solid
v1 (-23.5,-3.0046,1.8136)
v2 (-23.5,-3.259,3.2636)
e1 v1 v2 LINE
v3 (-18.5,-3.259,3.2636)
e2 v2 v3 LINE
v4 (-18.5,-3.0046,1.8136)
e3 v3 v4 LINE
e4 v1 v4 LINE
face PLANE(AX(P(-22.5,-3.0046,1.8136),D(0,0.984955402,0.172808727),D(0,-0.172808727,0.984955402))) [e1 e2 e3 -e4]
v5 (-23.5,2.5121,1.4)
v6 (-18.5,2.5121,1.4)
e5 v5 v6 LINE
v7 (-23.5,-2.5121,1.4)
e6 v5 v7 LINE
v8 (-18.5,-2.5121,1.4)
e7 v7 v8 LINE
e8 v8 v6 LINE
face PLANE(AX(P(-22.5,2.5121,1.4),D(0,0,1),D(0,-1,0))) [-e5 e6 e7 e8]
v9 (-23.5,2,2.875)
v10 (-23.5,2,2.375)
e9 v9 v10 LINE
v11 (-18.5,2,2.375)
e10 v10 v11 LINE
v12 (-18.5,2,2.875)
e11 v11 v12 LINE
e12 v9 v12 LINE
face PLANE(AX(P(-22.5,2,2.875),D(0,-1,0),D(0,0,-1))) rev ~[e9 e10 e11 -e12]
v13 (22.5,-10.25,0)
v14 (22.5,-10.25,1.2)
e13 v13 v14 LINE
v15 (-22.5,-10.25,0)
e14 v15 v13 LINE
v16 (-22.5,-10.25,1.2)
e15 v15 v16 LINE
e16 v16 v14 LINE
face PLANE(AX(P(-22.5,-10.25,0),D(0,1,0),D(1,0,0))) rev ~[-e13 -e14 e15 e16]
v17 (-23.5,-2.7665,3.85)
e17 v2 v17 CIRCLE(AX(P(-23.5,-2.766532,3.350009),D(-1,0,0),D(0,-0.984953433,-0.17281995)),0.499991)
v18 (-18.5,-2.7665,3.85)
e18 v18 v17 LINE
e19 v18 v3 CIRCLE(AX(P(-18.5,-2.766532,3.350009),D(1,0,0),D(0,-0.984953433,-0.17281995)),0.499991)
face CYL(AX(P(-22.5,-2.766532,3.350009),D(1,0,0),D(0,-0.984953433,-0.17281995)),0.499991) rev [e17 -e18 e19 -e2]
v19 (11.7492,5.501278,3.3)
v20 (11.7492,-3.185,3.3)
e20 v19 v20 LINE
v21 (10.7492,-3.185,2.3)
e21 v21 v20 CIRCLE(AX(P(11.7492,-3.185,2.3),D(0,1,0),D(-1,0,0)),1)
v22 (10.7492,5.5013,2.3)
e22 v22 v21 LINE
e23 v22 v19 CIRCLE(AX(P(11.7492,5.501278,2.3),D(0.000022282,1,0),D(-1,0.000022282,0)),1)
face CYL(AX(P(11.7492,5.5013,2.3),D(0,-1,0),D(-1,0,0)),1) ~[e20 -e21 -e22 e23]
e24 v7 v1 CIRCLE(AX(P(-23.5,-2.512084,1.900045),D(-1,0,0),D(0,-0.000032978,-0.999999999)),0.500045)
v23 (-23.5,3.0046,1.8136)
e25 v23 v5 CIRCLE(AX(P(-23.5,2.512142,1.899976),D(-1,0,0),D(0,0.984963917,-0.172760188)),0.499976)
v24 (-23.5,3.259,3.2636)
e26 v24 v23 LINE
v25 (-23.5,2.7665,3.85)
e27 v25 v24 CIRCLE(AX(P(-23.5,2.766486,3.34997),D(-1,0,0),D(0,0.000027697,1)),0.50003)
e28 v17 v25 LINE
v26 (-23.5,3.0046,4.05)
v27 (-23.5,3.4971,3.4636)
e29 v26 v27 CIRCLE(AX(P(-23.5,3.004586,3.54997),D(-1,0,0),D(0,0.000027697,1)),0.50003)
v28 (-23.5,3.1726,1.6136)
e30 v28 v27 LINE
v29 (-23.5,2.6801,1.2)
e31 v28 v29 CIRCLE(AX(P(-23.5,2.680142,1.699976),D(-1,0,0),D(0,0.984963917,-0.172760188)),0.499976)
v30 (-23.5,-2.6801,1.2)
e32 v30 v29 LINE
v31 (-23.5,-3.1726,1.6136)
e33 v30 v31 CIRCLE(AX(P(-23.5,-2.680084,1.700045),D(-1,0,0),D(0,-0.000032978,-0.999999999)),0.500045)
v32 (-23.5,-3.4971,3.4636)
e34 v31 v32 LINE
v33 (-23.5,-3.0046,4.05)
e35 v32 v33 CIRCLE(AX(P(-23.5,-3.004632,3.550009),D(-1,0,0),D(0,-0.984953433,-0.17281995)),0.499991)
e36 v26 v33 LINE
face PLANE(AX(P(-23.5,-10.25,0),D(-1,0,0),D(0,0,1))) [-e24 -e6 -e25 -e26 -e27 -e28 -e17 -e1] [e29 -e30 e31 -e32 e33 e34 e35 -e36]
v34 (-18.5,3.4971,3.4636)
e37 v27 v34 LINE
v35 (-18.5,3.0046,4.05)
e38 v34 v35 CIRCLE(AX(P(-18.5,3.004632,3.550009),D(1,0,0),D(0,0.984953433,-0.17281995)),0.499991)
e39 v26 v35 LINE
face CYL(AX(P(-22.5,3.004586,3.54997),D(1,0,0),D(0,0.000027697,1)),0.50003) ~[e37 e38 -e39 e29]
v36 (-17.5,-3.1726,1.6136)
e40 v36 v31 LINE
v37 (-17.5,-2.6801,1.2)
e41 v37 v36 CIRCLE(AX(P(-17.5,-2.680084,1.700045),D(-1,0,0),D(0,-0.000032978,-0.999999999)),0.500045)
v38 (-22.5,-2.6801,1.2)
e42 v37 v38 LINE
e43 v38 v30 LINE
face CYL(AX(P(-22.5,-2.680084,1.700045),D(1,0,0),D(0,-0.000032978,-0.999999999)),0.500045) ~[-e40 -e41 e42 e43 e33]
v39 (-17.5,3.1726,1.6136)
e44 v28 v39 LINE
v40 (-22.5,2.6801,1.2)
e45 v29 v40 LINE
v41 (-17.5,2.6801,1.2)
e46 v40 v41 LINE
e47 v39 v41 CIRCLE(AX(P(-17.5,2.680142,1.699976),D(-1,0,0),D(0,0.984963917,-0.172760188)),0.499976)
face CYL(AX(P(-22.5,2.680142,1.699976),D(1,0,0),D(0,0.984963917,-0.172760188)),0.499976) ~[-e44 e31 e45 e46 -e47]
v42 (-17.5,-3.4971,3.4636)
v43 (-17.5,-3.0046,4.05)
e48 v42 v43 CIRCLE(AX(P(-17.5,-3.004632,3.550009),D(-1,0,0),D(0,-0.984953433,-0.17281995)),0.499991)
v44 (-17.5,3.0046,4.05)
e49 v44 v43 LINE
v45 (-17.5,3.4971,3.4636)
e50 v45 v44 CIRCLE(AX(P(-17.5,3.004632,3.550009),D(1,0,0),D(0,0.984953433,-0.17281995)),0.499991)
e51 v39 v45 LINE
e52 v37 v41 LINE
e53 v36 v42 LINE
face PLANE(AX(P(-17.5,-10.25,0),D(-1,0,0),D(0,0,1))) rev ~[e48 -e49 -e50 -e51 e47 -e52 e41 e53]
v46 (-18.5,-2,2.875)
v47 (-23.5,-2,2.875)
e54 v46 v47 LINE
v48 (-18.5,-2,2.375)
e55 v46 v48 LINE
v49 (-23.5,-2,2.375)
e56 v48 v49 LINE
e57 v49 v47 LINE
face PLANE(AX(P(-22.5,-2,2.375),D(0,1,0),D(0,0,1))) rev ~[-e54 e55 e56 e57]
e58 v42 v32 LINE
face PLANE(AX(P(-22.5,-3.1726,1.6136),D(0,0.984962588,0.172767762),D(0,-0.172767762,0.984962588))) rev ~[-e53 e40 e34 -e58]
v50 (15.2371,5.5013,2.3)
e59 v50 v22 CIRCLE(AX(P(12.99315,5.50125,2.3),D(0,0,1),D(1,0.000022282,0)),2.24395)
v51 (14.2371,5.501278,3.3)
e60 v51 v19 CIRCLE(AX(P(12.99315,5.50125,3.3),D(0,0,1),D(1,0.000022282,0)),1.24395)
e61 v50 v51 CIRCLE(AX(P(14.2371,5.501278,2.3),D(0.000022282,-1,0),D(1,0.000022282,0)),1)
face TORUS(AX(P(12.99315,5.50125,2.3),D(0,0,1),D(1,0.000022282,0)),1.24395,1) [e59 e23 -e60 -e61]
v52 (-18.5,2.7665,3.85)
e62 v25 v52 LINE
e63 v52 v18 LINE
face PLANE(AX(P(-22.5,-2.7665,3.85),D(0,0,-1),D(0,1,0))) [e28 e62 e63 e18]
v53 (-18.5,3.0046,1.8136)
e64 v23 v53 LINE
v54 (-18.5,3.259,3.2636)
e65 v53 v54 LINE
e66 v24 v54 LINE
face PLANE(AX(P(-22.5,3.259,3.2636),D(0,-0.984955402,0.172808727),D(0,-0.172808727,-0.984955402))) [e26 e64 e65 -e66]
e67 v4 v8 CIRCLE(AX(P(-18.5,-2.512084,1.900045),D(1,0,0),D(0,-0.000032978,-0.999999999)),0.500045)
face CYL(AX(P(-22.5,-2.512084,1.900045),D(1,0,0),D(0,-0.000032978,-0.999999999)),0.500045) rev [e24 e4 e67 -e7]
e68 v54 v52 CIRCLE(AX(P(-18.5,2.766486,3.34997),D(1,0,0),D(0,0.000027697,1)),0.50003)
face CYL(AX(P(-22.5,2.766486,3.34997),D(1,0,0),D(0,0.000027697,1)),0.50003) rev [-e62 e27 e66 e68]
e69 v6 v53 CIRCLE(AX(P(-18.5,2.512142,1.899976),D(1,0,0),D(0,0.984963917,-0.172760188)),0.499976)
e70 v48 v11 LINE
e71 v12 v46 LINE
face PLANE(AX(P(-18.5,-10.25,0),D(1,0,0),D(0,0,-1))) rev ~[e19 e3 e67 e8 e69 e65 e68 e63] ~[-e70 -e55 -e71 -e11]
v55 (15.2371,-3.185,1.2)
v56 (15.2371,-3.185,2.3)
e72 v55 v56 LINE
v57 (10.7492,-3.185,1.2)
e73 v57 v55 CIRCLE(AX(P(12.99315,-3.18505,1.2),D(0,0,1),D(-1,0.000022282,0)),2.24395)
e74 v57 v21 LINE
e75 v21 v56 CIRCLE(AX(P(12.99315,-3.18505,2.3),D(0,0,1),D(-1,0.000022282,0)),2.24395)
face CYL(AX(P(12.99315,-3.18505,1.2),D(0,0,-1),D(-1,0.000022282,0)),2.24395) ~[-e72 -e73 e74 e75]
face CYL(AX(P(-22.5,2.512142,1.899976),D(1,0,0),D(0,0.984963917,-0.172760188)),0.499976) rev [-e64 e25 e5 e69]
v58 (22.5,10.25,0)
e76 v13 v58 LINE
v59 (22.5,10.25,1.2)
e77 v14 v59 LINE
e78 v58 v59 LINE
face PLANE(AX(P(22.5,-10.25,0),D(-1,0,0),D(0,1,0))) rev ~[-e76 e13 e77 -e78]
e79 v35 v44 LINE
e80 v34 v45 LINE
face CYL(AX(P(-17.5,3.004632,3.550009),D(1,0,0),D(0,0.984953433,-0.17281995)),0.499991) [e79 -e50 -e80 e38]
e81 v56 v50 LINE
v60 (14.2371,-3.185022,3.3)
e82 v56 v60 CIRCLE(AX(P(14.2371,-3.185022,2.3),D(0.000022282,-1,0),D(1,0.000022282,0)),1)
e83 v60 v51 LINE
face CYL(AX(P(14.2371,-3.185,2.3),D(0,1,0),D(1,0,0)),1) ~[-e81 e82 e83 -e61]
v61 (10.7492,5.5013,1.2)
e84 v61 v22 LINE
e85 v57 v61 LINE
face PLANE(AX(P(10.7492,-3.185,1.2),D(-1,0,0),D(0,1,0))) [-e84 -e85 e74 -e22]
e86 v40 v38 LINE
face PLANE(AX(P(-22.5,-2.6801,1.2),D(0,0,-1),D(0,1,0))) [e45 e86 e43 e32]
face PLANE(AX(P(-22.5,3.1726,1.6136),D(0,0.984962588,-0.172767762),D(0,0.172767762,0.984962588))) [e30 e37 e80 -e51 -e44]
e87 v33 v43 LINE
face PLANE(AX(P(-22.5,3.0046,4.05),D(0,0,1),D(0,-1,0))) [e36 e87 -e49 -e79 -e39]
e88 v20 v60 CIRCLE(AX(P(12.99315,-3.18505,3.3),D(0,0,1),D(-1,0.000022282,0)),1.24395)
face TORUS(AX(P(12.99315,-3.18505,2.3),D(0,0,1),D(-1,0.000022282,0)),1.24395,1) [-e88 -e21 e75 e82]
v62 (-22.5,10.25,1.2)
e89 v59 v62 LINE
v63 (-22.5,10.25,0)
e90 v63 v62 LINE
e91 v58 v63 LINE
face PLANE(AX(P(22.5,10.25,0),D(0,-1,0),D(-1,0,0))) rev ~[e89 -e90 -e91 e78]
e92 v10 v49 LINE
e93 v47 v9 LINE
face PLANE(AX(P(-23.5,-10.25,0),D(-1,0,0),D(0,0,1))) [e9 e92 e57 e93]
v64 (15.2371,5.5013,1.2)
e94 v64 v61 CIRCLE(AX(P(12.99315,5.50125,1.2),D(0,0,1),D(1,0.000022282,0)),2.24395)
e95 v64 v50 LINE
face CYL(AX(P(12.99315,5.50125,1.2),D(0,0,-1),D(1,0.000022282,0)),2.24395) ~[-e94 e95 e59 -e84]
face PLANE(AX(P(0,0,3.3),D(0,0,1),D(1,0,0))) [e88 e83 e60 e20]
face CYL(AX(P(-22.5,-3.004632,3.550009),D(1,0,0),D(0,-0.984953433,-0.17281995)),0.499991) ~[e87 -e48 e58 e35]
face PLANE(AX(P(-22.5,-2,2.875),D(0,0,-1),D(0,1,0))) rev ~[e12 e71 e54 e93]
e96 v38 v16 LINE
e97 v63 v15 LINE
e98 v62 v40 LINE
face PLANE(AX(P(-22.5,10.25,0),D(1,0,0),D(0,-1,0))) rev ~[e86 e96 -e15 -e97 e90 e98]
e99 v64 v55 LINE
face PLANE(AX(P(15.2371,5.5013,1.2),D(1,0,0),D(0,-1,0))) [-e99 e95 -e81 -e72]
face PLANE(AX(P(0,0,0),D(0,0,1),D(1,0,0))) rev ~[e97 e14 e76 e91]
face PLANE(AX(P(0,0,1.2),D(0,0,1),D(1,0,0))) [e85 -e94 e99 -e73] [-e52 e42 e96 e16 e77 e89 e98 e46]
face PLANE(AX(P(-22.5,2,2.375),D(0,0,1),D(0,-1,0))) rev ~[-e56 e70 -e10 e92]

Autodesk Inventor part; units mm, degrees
ref_plane "YZ Plane" through (0, 0, 0) normal (1, 0, 0) x (0, 1, 0)
ref_plane "XZ Plane" through (0, 0, 0) normal (0, 1, 0) x (-1, 0, 0)
ref_plane "XY Plane" through (0, 0, 0) normal (0, 0, 1) x (1, 0, 0)
sketch "스케치1" plane through (0, 0, 0) normal (0, 0, 1) x (1, 0, 0)
  line L0 (-22.5, -10.25) -> (22.5, -10.25)
  line L1 (22.5, -10.25) -> (22.5, 10.25)
  line L2 (22.5, 10.25) -> (-22.5, 10.25)
  line L3 (-22.5, 10.25) -> (-22.5, -10.25)
  line L4 (-22.5, -10.25) -> (22.5, 10.25) construction
  line L5 (22.5, -10.25) -> (-22.5, 10.25) construction
  point P0 (0, 0)
  dimension "d0" = 45
  dimension "d1" = 20.5
extrude "돌출1" add sketch "스케치1" along normal blind 1.2
sketch "스케치2" plane through (-22.5, -10.25, 0) normal (-1, 0, 0) x (0, 0, 1)
  line L0 (1.2, 0) -> (1.2, 20.5) projected
  line L1 (4.05, 6.65) -> (1.2, 6.65) construction
  line L2 (1.2, 6.65) -> (1.2, 13.85)
  line L3 (1.2, 13.85) -> (4.05, 13.85) construction
  line L4 (4.05, 13.2546) -> (4.05, 7.2454)
  line L5 (4.05, 6.65) -> (1.2, 13.85) construction
  line L6 (1.2, 6.65) -> (4.05, 13.85) construction
  line L7 (1.6136, 13.4226) -> (3.4636, 13.7471)
  line L8 (1.6136, 7.0774) -> (3.4636, 6.7529)
  line L9 (1.2, 12.9301) -> (1.2, 7.5699)
  line L10 (3.85, 7.4835) -> (3.85, 13.0165)
  line L11 (3.2636, 13.509) -> (1.8136, 13.2546)
  line L12 (1.4, 12.7621) -> (1.4, 7.7379)
  line L13 (1.8136, 7.2454) -> (3.2636, 6.991)
  line L14 (2.375, 8.25) -> (2.875, 8.25)
  line L15 (2.875, 8.25) -> (2.875, 12.25)
  line L16 (2.875, 12.25) -> (2.375, 12.25)
  line L17 (2.375, 12.25) -> (2.375, 8.25)
  line L18 (2.375, 8.25) -> (2.875, 12.25) construction
  line L19 (2.875, 8.25) -> (2.375, 12.25) construction
  arc A0 (1.6136, 13.4226) -> (1.2, 12.9301) centre (1.7, 12.9301) ccw
  arc A1 (4.05, 13.2546) -> (3.4636, 13.7471) centre (3.55, 13.2546) ccw
  arc A2 (3.4636, 6.7529) -> (4.05, 7.2454) centre (3.55, 7.2454) ccw
  arc A3 (1.2, 7.5699) -> (1.6136, 7.0774) centre (1.7, 7.5699) ccw
  arc A4 (1.4, 7.7379) -> (1.8136, 7.2454) centre (1.9, 7.7379) ccw
  arc A5 (3.2636, 6.991) -> (3.85, 7.4835) centre (3.35, 7.4835) ccw
  arc A6 (3.85, 13.0165) -> (3.2636, 13.509) centre (3.35, 13.0165) ccw
  arc A7 (1.8136, 13.2546) -> (1.4, 12.7621) centre (1.9, 12.7621) ccw
  point P0 (0, 10.25)
  point P1 (2.625, 10.25)
  point P2 (1.2, 10.25)
  point P3 (1.2, 13.35)
  point P4 (1.2, 7.15)
  dimension "d4" = 2.85
  dimension "d5" = 7.2
  dimension "d6" = 0.5
  dimension "d7" = 0.5
  dimension "d8" = 0.2
  dimension "d9" = 0.5
  dimension "d10" = 4
  dimension "d11" = 0.5
extrude "돌출2" add sketch "스케치2" along normal blind 1 and the other way blind 5
sketch "스케치3" plane through (-17.5, -10.25, 0) normal (1, 0, 0) x (0, 0, -1)
  arc A0 (-4.05, 7.2454) -> (-3.4636, 6.7529) centre (-3.55, 7.2454) ccw projected
  line L0 (-3.4636, 6.7529) -> (-1.6136, 7.0774) projected
  arc A1 (-1.6136, 7.0774) -> (-1.2, 7.5699) centre (-1.7, 7.5699) ccw projected
  line L1 (-1.2, 12.9301) -> (-1.2, 7.5699) projected
  arc A2 (-1.2, 12.9301) -> (-1.6136, 13.4226) centre (-1.7, 12.9301) ccw projected
  line L2 (-1.6136, 13.4226) -> (-3.4636, 13.7471) projected
  arc A3 (-3.4636, 13.7471) -> (-4.05, 13.2546) centre (-3.55, 13.2546) ccw projected
  line L3 (-4.05, 13.2546) -> (-4.05, 7.2454) projected
  arc A4 (-3.85, 7.4835) -> (-3.2636, 6.991) centre (-3.35, 7.4835) ccw projected
  line L4 (-3.85, 7.4835) -> (-3.85, 13.0165) projected
  arc A5 (-3.2636, 13.509) -> (-3.85, 13.0165) centre (-3.35, 13.0165) ccw projected
  line L5 (-3.2636, 13.509) -> (-1.8136, 13.2546) projected
  arc A6 (-1.4, 12.7621) -> (-1.8136, 13.2546) centre (-1.9, 12.7621) ccw projected
  line L6 (-1.4, 12.7621) -> (-1.4, 7.7379) projected
  arc A7 (-1.8136, 7.2454) -> (-1.4, 7.7379) centre (-1.9, 7.7379) ccw projected
  line L7 (-1.8136, 7.2454) -> (-3.2636, 6.991) projected
  point P0 (0, 10.25)
extrude "돌출3" add sketch "스케치3" against normal blind 1 contours L3 A3 L2 A2 L1 A1 L0 A0 | L4 A5 L5 A6 L6 A7 L7 A4
sketch "스케치4" plane through (0, 0, 1.2) normal (0, 0, 1) x (1, 0, 0)
  line L0 (12.9932, 5.5013) -> (12.9932, -3.185) construction
  line L1 (15.2371, 5.5013) -> (15.2371, -3.185)
  line L2 (10.7492, -3.185) -> (10.7492, 5.5013)
  arc A0 (15.2371, 5.5013) -> (10.7492, 5.5013) centre (12.9932, 5.5013) ccw
  arc A1 (10.7492, -3.185) -> (15.2371, -3.185) centre (12.9932, -3.185) ccw
  point P0 (0, 0)
  point P1 (12.9932, 1.1582)
extrude "돌출4" add sketch "스케치4" along normal blind 2.1
fillet "모깎기1" radius 1 4 edges at (12.9932, 7.7452, 3.3) (10.7492, 1.1582, 3.3) (12.9932, -5.4289, 3.3) (15.2371, 1.1582, 3.3)
properties part number "블루투스 모듈"
